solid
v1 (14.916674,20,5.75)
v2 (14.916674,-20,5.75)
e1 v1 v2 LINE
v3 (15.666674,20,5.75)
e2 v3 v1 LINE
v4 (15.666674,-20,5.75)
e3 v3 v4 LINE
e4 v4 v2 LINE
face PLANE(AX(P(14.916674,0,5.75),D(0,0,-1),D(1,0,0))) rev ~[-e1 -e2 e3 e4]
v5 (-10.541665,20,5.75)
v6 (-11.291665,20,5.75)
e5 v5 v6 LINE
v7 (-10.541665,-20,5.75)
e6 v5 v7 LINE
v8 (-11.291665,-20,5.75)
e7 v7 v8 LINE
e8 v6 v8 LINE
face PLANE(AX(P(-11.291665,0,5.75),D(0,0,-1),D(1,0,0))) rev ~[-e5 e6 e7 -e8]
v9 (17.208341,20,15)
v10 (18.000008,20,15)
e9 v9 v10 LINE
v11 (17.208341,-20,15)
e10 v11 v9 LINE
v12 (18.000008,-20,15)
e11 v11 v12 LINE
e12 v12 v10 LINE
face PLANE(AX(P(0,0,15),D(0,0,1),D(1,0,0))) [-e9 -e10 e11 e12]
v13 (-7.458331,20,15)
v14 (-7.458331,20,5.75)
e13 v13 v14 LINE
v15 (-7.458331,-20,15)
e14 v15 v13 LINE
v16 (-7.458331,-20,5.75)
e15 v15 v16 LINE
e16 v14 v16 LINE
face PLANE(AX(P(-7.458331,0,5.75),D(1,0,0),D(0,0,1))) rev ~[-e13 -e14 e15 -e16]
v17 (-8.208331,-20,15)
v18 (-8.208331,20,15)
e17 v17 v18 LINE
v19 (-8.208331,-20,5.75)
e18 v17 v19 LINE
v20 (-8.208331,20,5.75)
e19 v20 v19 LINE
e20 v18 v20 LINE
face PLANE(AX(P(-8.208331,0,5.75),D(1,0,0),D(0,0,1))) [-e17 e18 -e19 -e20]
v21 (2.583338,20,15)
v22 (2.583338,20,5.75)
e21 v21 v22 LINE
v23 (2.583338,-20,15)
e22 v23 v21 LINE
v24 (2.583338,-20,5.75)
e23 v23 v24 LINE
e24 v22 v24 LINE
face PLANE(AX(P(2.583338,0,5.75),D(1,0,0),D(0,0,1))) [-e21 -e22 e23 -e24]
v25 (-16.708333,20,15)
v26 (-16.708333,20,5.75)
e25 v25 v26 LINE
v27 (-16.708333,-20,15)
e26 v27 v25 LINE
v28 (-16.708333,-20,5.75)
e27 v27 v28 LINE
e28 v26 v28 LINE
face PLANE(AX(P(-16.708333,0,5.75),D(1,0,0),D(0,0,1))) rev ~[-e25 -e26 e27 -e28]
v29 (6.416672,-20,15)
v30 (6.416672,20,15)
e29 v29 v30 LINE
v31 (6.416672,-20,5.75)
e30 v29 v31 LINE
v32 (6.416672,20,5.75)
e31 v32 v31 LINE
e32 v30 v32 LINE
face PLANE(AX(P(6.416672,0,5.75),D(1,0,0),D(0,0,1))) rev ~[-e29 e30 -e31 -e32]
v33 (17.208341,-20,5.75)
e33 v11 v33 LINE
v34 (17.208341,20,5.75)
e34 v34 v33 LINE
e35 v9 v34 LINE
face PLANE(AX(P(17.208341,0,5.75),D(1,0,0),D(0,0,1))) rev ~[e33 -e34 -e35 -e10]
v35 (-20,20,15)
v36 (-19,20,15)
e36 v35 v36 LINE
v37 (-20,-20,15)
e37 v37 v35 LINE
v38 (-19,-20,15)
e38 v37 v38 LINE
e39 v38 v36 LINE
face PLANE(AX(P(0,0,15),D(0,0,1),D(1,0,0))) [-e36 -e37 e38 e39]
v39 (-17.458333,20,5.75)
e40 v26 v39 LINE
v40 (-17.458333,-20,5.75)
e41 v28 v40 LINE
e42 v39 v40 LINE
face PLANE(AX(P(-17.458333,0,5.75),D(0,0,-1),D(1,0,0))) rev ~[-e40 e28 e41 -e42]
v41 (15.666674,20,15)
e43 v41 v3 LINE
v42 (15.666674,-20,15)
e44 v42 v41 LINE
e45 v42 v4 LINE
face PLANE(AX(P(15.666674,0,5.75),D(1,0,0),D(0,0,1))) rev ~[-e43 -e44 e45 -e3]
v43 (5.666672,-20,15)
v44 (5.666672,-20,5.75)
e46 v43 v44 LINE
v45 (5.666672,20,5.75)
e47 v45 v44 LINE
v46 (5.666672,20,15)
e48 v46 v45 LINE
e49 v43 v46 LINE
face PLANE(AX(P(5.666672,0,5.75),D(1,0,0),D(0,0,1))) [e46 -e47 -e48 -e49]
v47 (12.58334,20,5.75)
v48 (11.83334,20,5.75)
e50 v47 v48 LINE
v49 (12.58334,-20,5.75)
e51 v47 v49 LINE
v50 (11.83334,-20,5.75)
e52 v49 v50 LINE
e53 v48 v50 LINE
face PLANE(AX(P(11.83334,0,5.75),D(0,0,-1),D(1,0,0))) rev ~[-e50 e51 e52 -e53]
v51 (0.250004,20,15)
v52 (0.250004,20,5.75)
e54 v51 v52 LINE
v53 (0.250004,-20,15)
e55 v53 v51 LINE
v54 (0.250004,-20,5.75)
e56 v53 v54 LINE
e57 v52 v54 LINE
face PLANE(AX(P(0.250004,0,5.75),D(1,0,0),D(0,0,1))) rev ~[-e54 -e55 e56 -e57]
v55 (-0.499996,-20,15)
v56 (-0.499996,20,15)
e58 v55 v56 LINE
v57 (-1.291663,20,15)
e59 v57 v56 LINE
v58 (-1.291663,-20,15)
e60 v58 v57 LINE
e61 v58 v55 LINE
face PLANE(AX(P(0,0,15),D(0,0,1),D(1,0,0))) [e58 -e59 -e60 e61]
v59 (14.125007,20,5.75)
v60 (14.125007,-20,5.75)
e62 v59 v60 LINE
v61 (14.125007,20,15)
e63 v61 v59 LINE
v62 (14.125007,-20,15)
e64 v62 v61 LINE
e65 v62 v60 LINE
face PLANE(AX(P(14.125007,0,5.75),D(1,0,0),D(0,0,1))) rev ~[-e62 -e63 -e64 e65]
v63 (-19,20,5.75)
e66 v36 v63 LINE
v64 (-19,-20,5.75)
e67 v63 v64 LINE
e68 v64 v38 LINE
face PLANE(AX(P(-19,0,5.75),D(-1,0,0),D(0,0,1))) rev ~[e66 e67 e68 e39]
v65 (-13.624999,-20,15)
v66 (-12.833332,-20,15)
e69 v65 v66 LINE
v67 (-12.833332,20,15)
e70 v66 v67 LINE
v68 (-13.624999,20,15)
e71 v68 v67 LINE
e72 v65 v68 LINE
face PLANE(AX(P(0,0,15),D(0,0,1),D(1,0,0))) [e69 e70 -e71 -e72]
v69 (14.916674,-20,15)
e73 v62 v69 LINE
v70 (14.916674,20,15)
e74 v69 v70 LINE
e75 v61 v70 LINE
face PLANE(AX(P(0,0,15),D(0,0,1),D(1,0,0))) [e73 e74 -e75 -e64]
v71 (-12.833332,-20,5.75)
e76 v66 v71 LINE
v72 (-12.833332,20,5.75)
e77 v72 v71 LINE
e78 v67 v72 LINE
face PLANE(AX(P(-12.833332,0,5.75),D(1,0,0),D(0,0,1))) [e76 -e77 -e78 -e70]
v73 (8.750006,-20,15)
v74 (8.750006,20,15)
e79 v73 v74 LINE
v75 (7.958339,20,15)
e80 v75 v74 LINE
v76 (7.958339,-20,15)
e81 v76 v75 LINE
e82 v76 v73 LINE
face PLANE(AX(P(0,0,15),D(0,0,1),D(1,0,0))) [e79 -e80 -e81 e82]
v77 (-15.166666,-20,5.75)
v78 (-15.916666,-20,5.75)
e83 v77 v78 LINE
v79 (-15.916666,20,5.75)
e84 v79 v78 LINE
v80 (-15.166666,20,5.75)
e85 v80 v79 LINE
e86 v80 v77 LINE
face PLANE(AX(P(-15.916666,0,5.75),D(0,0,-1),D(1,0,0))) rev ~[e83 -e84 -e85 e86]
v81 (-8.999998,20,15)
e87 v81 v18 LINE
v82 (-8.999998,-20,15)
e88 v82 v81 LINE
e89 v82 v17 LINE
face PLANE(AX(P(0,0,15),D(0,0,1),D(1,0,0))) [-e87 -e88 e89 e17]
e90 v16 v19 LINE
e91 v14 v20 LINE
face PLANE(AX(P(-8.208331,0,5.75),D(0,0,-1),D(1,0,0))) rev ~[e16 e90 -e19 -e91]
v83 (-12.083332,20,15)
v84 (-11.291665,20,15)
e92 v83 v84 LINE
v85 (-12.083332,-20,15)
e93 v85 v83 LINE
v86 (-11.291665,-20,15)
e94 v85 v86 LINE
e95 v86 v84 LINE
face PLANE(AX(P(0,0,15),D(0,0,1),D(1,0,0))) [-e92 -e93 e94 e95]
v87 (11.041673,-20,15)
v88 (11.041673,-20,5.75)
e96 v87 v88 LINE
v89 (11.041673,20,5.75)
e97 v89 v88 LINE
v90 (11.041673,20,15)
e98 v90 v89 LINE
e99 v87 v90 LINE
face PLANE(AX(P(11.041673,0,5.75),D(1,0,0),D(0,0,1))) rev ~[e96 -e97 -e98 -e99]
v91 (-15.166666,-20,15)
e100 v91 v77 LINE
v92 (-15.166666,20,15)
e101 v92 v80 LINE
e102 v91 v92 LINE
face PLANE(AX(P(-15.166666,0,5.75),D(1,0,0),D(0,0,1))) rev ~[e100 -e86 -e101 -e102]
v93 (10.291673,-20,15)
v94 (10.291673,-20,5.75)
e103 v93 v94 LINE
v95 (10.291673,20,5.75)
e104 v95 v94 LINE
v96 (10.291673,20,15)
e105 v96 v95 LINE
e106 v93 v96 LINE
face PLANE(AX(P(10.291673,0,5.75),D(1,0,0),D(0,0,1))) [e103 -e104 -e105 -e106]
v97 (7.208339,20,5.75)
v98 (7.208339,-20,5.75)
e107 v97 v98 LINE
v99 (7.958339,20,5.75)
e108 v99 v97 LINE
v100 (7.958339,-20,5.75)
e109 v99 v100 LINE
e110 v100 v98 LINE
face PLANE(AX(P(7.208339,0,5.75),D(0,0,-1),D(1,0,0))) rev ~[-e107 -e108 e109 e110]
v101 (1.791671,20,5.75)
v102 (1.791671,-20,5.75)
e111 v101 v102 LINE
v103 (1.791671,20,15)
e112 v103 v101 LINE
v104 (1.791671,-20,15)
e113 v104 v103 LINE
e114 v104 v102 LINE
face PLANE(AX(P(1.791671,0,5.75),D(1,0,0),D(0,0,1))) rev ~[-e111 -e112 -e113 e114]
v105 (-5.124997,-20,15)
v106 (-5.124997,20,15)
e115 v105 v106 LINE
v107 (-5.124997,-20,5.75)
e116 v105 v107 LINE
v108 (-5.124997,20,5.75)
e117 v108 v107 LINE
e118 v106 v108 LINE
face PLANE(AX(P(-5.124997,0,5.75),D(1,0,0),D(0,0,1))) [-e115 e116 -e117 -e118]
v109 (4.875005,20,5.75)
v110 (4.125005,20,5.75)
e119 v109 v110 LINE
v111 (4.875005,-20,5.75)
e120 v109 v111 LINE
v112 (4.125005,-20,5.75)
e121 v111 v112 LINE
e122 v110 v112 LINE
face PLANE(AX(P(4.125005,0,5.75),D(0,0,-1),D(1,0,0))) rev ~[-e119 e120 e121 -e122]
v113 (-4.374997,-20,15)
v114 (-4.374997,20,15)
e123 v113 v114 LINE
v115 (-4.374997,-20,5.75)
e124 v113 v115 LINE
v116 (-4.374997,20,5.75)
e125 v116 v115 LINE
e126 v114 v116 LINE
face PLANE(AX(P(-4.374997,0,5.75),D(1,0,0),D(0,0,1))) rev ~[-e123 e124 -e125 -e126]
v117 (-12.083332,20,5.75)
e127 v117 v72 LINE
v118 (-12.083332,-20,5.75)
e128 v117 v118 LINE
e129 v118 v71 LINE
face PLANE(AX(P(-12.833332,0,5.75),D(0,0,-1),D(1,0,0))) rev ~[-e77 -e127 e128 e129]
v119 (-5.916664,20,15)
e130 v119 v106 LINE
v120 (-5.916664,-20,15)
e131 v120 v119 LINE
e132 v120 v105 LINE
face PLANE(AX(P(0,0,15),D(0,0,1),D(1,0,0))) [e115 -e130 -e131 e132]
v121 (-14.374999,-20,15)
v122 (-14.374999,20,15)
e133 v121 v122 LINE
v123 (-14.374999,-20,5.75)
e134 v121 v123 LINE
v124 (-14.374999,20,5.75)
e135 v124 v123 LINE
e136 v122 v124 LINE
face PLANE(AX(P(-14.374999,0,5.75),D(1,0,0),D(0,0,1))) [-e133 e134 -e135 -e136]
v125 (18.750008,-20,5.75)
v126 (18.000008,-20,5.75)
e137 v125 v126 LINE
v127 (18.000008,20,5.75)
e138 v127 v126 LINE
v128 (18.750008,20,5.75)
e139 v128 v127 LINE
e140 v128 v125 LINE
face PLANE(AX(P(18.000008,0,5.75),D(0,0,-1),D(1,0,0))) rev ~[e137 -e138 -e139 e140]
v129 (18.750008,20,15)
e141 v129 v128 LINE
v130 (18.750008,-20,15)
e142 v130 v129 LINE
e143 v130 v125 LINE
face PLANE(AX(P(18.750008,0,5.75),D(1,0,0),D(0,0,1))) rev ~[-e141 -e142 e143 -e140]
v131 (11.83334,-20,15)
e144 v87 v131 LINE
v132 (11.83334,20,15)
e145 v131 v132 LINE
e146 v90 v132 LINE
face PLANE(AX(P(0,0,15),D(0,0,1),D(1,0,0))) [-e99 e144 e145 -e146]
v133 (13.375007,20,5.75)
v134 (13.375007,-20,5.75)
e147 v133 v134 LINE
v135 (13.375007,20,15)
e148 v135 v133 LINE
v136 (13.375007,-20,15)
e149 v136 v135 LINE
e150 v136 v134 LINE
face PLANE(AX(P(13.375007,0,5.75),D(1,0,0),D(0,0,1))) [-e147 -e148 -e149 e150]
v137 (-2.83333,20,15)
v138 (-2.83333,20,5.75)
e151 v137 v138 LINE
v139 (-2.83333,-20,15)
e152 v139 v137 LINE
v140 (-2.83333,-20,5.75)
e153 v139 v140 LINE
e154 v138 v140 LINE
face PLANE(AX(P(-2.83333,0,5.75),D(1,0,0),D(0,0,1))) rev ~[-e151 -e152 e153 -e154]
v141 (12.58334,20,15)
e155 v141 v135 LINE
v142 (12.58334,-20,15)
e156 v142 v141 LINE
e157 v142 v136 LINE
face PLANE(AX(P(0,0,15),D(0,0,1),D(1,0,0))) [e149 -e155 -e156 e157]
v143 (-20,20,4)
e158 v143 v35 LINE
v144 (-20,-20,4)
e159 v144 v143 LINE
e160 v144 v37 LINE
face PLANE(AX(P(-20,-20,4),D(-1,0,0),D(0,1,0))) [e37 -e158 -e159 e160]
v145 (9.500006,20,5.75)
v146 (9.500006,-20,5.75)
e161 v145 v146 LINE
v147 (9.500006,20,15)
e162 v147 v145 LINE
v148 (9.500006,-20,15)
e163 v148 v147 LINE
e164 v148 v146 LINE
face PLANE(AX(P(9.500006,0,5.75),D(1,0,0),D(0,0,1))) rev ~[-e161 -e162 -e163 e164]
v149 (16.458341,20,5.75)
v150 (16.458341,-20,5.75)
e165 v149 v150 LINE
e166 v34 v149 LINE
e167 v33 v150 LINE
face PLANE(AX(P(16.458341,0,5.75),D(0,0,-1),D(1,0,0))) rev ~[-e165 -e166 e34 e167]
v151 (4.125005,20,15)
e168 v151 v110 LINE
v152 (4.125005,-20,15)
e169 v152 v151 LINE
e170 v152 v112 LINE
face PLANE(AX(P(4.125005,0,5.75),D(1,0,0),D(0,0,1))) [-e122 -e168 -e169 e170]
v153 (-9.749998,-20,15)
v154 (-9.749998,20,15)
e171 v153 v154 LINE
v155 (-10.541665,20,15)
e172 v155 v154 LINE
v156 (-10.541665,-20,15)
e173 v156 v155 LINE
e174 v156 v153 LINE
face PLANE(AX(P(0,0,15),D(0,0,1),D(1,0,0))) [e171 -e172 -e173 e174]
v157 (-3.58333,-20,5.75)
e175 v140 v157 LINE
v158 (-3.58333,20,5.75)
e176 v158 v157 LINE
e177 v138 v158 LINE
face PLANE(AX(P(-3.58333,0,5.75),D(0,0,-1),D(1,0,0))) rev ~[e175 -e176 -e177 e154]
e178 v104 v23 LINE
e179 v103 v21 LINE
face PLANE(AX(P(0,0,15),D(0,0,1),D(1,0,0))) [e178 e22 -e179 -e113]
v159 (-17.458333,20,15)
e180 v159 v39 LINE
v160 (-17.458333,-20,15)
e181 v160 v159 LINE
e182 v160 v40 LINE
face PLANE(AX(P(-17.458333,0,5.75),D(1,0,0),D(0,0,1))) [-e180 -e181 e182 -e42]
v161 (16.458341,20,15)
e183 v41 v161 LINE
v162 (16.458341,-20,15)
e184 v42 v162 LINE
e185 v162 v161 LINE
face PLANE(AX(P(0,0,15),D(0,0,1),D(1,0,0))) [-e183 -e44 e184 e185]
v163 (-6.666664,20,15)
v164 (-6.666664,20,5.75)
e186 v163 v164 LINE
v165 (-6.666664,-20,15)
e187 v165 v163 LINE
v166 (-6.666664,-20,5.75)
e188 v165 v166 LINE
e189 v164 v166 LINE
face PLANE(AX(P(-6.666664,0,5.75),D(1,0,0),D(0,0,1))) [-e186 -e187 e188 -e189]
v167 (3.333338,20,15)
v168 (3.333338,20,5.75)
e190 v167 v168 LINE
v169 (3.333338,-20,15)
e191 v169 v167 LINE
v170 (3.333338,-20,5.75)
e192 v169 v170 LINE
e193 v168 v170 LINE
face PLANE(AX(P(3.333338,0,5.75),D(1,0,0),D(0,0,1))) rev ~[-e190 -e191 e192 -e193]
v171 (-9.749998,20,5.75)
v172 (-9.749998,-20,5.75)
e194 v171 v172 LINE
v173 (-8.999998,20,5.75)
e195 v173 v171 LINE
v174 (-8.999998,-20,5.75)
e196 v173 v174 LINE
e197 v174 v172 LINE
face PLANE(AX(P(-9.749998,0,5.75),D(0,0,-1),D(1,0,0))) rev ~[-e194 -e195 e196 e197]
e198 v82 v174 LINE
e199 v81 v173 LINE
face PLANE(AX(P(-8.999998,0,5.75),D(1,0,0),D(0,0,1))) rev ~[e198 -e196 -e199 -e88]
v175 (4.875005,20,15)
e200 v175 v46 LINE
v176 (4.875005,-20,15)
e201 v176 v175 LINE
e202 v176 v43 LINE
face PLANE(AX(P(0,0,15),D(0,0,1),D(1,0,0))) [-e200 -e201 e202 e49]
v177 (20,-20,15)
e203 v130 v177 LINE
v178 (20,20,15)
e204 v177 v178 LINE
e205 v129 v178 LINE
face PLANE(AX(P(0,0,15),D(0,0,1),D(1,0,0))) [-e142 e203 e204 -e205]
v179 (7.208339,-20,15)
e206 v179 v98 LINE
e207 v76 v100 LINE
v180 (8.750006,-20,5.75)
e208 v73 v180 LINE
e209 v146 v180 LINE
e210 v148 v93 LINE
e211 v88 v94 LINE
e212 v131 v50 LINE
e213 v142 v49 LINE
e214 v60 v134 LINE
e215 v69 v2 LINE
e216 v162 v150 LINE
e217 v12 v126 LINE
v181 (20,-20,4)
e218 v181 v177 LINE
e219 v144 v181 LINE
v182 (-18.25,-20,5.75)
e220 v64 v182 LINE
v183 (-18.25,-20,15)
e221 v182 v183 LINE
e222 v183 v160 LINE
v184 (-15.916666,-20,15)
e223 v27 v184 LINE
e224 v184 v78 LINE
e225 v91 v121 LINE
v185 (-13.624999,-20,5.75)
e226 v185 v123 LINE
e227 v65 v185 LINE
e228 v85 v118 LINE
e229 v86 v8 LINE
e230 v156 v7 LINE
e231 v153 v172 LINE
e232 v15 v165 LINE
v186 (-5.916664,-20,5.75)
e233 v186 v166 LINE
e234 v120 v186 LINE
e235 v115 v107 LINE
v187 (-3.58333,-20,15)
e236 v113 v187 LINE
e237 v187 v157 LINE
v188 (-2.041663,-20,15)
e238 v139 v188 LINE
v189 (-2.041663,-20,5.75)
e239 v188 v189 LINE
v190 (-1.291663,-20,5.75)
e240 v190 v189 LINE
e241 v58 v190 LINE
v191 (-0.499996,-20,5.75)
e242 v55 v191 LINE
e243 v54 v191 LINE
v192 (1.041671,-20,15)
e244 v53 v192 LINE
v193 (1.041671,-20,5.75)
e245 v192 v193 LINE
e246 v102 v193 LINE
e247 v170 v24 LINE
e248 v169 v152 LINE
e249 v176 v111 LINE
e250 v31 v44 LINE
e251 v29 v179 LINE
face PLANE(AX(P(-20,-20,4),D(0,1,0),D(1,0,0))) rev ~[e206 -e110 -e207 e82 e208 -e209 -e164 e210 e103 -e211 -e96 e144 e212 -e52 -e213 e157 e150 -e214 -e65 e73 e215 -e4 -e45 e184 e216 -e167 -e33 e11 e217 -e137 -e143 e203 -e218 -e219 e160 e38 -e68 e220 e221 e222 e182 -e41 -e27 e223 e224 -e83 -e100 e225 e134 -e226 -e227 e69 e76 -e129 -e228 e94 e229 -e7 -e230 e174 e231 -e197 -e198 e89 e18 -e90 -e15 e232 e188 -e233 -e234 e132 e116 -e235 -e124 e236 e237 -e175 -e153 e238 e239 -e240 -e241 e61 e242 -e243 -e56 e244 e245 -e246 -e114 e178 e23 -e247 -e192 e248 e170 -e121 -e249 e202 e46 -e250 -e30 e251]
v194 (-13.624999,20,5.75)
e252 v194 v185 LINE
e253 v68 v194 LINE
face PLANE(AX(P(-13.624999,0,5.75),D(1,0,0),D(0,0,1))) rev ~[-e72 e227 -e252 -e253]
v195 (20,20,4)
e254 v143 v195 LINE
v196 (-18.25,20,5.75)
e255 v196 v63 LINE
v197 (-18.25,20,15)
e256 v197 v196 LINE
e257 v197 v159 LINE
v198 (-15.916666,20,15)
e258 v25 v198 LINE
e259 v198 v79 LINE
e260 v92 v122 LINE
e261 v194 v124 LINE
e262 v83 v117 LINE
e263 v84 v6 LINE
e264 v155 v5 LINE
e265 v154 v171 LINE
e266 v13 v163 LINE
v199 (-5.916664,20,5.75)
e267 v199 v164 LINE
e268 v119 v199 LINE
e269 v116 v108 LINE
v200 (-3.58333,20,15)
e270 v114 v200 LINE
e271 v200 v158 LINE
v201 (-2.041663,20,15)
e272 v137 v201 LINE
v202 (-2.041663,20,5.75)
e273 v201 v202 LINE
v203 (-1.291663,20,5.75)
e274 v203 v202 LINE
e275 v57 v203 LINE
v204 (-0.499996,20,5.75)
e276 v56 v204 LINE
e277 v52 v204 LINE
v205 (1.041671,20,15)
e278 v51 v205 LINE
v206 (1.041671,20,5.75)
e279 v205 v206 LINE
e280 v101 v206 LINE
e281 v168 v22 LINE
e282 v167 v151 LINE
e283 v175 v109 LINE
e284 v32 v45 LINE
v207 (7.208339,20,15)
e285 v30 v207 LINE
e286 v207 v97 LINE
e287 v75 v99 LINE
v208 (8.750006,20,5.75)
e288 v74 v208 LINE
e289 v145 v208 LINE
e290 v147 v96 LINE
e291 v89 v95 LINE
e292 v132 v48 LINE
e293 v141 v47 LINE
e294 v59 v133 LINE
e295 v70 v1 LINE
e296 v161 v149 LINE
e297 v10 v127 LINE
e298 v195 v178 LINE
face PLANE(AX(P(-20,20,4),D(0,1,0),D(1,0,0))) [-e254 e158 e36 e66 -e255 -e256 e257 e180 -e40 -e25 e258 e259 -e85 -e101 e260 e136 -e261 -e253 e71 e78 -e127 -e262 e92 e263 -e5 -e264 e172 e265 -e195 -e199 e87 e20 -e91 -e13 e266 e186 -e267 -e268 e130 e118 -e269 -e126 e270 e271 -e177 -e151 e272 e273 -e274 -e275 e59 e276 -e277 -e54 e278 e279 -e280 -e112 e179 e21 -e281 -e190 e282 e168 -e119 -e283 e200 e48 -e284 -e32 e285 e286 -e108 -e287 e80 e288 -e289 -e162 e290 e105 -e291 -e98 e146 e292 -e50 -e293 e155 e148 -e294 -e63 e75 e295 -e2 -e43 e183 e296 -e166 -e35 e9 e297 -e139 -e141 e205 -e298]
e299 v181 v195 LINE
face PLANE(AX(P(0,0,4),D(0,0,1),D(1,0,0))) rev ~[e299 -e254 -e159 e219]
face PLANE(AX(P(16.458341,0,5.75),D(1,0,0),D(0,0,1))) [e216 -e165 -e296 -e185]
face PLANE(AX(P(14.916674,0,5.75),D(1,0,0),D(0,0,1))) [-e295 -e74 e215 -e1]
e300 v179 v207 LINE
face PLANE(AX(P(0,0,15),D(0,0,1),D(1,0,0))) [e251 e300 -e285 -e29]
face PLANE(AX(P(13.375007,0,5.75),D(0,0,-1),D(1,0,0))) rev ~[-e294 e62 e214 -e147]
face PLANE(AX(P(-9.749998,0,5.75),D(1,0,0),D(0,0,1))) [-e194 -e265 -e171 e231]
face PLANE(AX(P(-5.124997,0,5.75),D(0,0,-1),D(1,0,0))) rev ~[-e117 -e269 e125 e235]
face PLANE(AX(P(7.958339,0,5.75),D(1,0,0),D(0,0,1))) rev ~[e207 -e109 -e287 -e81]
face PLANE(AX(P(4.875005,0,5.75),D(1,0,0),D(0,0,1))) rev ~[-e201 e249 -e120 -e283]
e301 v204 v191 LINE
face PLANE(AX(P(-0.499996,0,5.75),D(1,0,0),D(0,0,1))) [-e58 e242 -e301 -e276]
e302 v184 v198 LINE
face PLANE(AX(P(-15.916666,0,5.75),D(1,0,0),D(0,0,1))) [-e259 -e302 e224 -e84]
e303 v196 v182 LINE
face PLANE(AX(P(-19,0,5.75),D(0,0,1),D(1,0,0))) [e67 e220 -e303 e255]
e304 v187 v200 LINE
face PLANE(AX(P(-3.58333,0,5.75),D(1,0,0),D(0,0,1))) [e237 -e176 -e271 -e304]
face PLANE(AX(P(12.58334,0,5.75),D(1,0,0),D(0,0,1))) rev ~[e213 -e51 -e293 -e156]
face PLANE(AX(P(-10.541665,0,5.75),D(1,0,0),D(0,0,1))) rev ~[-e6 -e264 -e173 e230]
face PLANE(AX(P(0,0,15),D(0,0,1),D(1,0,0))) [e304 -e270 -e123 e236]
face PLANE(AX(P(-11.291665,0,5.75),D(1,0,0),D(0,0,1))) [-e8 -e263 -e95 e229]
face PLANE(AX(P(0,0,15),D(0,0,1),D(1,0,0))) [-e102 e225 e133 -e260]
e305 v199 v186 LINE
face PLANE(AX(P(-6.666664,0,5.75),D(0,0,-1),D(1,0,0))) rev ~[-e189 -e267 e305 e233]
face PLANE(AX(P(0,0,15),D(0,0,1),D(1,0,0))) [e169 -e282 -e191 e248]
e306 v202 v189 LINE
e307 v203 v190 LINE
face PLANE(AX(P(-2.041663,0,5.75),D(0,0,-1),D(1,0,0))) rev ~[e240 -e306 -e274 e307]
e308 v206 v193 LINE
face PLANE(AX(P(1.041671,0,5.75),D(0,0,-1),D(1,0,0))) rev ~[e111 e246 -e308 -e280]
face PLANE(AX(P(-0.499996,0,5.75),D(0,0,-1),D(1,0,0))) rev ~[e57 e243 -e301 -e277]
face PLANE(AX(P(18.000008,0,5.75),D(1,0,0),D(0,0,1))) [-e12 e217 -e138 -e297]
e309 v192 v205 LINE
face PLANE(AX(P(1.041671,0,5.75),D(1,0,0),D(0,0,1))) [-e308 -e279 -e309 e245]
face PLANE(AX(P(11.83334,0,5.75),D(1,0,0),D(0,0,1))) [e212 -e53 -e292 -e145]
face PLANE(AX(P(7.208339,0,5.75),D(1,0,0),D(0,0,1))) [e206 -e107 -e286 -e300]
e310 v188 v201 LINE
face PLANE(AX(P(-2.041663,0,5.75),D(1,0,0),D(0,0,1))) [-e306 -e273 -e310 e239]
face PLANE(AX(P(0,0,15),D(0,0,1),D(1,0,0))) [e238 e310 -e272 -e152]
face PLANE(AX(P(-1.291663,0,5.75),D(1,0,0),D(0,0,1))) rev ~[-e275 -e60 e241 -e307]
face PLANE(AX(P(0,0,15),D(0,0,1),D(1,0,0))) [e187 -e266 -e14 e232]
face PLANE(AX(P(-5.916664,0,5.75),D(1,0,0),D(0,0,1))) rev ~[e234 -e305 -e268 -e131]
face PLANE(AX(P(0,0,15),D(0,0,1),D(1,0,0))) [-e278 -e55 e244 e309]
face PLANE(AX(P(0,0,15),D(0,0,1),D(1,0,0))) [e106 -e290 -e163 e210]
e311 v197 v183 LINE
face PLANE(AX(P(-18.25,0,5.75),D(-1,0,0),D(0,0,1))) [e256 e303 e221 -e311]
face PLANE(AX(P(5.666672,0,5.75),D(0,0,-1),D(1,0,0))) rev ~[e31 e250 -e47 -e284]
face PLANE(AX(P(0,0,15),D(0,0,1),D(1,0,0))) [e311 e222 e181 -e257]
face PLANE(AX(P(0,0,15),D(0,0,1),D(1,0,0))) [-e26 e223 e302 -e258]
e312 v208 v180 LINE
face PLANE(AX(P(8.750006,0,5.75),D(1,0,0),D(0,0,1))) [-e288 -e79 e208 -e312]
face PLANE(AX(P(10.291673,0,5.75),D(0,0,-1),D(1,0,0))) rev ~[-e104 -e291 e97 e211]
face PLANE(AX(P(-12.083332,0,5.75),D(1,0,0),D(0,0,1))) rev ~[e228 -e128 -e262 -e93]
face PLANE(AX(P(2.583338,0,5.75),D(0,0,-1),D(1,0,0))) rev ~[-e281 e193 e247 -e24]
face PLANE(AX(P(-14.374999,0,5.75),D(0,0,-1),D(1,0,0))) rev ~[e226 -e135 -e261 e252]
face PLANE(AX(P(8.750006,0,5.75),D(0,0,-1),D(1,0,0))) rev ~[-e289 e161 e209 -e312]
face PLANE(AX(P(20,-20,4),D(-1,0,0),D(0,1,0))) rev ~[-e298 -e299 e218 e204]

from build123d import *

# Parameters (mm, degrees)
SKETCH036_W            = 40
SKETCH036_H            = 40
PAD009_DEPTH           = 11
SKETCH037_W            = 0.75
SKETCH037_H            = 13.12
POCKET009_DEPTH        = 20.001
POCKET009_DEPTH_BACK   = 20.001
LINEARPATTERN002_COUNT = 25
LINEARPATTERN002_PITCH = 1.541667


with BuildPart() as part:
    # Sketch036 → Pad009 (new body)
    with BuildSketch(Plane.XY):
        Rectangle(SKETCH036_W, SKETCH036_H)
    extrude(amount=PAD009_DEPTH)

    # Sketch037 → Pocket009 (cut, two sides)
    with BuildSketch(Plane.XZ) as pocket009_sk:
        with Locations((-18.625, 8.31)):
            Rectangle(SKETCH037_W, SKETCH037_H)
    pocket009 = extrude(amount=-POCKET009_DEPTH, mode=Mode.SUBTRACT) + extrude(pocket009_sk.sketch, amount=POCKET009_DEPTH_BACK, mode=Mode.SUBTRACT)

    # LinearPattern002: Pocket009 ×25
    with Locations(*[(i * LINEARPATTERN002_PITCH, 0, 0) for i in range(1, LINEARPATTERN002_COUNT)]):
        add(pocket009, mode=Mode.SUBTRACT)


with BuildPart() as part_1:
    # Body022 placement: moved
    add(part.part.moved(Location((0, 0, 4))))


solid = part_1.part
